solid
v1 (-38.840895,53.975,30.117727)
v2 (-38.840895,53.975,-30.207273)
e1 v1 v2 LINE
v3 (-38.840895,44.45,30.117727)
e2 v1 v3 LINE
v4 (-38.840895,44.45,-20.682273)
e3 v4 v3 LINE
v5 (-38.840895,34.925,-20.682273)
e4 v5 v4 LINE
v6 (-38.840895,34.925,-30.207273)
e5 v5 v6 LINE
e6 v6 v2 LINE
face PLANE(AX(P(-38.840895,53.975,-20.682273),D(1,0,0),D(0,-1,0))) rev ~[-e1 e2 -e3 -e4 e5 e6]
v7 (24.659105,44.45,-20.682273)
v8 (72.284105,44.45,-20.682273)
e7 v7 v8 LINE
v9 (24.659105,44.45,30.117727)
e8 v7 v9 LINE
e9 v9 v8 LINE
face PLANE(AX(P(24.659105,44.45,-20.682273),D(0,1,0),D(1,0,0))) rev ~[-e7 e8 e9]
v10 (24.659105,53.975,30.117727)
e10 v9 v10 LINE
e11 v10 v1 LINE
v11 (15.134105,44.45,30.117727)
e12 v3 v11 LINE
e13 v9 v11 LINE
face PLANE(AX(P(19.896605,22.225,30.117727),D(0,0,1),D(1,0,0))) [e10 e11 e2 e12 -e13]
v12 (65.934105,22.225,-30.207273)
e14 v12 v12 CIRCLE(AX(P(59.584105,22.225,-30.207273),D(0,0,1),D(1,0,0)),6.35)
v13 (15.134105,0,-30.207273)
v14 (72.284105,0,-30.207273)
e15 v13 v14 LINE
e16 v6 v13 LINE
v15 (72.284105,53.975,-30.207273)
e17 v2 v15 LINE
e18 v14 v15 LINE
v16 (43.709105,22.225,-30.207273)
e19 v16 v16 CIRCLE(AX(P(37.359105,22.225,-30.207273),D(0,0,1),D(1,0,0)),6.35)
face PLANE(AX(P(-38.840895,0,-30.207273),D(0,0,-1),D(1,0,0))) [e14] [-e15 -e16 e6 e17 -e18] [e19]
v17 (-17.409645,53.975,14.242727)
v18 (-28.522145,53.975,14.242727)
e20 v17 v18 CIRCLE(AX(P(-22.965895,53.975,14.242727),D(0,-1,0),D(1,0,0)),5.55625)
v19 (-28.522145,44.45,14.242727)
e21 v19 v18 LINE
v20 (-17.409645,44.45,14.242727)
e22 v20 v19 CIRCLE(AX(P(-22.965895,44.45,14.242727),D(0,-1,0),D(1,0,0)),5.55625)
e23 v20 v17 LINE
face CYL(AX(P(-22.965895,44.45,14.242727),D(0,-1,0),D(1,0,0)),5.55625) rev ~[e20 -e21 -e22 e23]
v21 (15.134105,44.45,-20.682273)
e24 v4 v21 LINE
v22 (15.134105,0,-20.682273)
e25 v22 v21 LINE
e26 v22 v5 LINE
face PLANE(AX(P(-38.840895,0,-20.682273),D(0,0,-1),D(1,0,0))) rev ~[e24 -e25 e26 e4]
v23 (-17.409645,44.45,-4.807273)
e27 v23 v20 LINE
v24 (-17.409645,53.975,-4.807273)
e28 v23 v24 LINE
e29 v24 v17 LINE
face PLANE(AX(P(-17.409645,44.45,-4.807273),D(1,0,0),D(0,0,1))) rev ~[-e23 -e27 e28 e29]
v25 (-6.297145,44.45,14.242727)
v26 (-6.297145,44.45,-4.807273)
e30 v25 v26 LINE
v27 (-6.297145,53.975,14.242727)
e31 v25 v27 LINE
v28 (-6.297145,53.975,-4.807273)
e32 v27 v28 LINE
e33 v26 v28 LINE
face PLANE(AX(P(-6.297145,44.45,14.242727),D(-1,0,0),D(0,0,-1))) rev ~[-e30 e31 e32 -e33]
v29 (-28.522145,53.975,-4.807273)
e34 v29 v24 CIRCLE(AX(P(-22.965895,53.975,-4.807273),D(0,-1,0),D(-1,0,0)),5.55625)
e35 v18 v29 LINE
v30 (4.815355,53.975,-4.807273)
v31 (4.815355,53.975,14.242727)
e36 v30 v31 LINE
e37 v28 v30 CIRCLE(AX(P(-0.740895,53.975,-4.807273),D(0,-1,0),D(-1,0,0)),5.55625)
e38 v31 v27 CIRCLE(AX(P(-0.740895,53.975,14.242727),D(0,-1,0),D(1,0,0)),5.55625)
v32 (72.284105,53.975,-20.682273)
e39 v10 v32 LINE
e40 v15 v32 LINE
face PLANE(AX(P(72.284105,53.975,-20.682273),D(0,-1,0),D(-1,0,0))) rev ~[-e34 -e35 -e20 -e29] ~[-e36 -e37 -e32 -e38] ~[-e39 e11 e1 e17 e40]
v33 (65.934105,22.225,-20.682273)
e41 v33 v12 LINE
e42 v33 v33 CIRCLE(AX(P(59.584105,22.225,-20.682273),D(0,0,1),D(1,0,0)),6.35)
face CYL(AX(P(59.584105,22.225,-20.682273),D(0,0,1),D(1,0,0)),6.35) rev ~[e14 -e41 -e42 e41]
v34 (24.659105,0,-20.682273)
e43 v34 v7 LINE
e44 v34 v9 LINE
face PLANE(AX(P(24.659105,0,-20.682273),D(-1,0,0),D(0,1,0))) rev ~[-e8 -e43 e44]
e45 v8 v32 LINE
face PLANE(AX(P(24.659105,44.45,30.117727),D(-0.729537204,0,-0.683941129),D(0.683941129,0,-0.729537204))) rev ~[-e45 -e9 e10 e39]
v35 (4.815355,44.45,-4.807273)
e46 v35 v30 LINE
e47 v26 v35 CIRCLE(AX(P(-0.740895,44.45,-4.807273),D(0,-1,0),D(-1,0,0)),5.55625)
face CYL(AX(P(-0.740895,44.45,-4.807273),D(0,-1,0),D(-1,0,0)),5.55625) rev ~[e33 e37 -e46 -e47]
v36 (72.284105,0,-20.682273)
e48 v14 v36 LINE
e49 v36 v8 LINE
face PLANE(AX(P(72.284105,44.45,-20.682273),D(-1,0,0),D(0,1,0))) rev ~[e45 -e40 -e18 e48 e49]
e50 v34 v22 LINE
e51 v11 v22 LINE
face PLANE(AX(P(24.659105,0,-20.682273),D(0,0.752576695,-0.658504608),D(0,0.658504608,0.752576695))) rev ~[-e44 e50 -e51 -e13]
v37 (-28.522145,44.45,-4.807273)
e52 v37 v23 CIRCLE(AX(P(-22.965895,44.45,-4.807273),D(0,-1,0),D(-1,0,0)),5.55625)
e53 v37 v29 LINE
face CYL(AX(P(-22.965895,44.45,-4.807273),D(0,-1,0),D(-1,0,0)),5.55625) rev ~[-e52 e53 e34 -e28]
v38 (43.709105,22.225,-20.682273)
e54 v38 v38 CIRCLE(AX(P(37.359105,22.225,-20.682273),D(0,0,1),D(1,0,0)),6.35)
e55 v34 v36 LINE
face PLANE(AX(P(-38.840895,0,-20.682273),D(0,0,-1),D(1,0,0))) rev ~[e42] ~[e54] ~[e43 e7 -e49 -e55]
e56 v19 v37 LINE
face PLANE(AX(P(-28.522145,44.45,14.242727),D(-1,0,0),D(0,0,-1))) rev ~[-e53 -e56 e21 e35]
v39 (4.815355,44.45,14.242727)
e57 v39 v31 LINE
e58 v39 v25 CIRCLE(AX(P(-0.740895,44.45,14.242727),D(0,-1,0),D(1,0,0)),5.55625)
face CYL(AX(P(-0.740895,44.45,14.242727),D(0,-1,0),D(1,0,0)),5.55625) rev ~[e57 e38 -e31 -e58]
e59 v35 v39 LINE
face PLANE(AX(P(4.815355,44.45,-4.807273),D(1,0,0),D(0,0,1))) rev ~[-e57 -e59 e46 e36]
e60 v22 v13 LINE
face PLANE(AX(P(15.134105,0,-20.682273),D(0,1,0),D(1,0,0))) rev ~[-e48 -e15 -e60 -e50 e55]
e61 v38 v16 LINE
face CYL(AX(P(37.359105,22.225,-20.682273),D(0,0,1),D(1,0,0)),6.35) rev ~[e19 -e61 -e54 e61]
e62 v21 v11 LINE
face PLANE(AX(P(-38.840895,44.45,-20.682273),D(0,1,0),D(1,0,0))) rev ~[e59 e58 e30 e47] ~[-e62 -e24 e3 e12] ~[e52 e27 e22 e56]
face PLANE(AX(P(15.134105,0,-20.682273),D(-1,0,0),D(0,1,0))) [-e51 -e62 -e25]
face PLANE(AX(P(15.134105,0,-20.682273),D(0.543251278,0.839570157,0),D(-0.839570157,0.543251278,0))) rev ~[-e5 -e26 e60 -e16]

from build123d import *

# Parameters (mm, degrees)
F0_W      = 111.125
F0_H      = 9.525
F1_DEPTH  = 53.975
F3_DEPTH  = 9.526
F4_W      = 9.525
F4_H      = 44.45
F5_DEPTH  = 50.8
F7_DEPTH  = 63.501
F9_DEPTH  = 9.526
F10_R     = 6.35
F11_DEPTH = 9.526
F13_DEPTH = 9.526


with BuildPart() as f1:
    # F0 (on Front) → F1 (new body)
    with BuildSketch(Plane.XZ):
        with Locations((16.7216053668, -25.4447730258)):
            Rectangle(F0_W, F0_H)
    extrude(amount=-F1_DEPTH)

    # F2 (on face) → F3 (cut, through all)
    with BuildSketch(Plane.XY.offset(-20.6822730258)):
        Polygon((15.1341053668, 0), (-38.8408946332, 34.925), (-38.8408946332, 0), align=None)
    extrude(amount=-F3_DEPTH, mode=Mode.SUBTRACT)

    # F4 (on face) → F5 (join)
    with BuildSketch(Plane.XY.offset(-20.6822730258)):
        with Locations((19.8966053668, 22.225)):
            Rectangle(F4_W, F4_H)
        Polygon((72.2841053668, 44.45), (72.2841053668, 53.975), (-38.8408946332, 53.975), (-38.8408946332, 44.45), (15.1341053668, 44.45), (24.6591053668, 44.45), align=None)
    extrude(amount=F5_DEPTH)

    # F6 (on face) → F7 (cut, through all)
    with BuildSketch(Plane.YZ.offset(24.6591053668)):
        Polygon((0, 30.1177269742), (0, -20.6822730258), (44.45, 30.1177269742), align=None)
    extrude(amount=-F7_DEPTH, mode=Mode.SUBTRACT)

    # F8 (on face) → F9 (cut, through all)
    with BuildSketch(Plane.XZ.offset(-44.45)):
        Polygon((72.2841053668, 30.1177269742), (24.6591053668, 30.1177269742), (72.2841053668, -20.6822730258), align=None)
    extrude(amount=-F9_DEPTH, mode=Mode.SUBTRACT)

    # F10 (on face) → F11 (cut, through all)
    with BuildSketch(Plane.XY.offset(-20.6822730258)):
        with Locations((37.3591053668, 22.225)):
            Circle(F10_R)
        with Locations((59.5841053668, 22.225)):
            Circle(F10_R)
    extrude(amount=-F11_DEPTH, mode=Mode.SUBTRACT)

    # F12 (on face) → F13 (cut, through all)
    with BuildSketch(Plane.XZ.offset(-44.45)):
        Polygon((-22.9658946332, 14.2427269742), (-28.5221446332, 14.2427269742), (-28.5221446332, -4.8072730258), (-17.4096446332, -4.8072730258), (-17.4096446332, 14.2427269742), align=None)
        with BuildLine():
            ThreePointArc((-17.4096446332, 14.2427269742), (-22.9658946332, 19.7989769742), (-28.5221446332, 14.2427269742))
            Line((-28.5221446332, 14.2427269742), (-22.9658946332, 14.2427269742))
            Line((-22.9658946332, 14.2427269742), (-17.4096446332, 14.2427269742))
        make_face()
        with BuildLine():
            Line((4.8153553668, -4.8072730258), (-6.2971446332, -4.8072730258))
            ThreePointArc((-6.2971446332, -4.8072730258), (-0.7408946332, -10.3635230258), (4.8153553668, -4.8072730258))
        make_face()
        Polygon((-0.7408946332, 14.2427269742), (-6.2971446332, 14.2427269742), (-6.2971446332, -4.8072730258), (4.8153553668, -4.8072730258), (4.8153553668, 14.2427269742), align=None)
        with BuildLine():
            ThreePointArc((4.8153553668, 14.2427269742), (-0.7408946332, 19.7989769742), (-6.2971446332, 14.2427269742))
            Line((-6.2971446332, 14.2427269742), (-0.7408946332, 14.2427269742))
            Line((-0.7408946332, 14.2427269742), (4.8153553668, 14.2427269742))
        make_face()
        with BuildLine():
            Line((-17.4096446332, -4.8072730258), (-28.5221446332, -4.8072730258))
            ThreePointArc((-28.5221446332, -4.8072730258), (-22.9658946332, -10.3635230258), (-17.4096446332, -4.8072730258))
        make_face()
    extrude(amount=-F13_DEPTH, mode=Mode.SUBTRACT)


solid = f1.part
